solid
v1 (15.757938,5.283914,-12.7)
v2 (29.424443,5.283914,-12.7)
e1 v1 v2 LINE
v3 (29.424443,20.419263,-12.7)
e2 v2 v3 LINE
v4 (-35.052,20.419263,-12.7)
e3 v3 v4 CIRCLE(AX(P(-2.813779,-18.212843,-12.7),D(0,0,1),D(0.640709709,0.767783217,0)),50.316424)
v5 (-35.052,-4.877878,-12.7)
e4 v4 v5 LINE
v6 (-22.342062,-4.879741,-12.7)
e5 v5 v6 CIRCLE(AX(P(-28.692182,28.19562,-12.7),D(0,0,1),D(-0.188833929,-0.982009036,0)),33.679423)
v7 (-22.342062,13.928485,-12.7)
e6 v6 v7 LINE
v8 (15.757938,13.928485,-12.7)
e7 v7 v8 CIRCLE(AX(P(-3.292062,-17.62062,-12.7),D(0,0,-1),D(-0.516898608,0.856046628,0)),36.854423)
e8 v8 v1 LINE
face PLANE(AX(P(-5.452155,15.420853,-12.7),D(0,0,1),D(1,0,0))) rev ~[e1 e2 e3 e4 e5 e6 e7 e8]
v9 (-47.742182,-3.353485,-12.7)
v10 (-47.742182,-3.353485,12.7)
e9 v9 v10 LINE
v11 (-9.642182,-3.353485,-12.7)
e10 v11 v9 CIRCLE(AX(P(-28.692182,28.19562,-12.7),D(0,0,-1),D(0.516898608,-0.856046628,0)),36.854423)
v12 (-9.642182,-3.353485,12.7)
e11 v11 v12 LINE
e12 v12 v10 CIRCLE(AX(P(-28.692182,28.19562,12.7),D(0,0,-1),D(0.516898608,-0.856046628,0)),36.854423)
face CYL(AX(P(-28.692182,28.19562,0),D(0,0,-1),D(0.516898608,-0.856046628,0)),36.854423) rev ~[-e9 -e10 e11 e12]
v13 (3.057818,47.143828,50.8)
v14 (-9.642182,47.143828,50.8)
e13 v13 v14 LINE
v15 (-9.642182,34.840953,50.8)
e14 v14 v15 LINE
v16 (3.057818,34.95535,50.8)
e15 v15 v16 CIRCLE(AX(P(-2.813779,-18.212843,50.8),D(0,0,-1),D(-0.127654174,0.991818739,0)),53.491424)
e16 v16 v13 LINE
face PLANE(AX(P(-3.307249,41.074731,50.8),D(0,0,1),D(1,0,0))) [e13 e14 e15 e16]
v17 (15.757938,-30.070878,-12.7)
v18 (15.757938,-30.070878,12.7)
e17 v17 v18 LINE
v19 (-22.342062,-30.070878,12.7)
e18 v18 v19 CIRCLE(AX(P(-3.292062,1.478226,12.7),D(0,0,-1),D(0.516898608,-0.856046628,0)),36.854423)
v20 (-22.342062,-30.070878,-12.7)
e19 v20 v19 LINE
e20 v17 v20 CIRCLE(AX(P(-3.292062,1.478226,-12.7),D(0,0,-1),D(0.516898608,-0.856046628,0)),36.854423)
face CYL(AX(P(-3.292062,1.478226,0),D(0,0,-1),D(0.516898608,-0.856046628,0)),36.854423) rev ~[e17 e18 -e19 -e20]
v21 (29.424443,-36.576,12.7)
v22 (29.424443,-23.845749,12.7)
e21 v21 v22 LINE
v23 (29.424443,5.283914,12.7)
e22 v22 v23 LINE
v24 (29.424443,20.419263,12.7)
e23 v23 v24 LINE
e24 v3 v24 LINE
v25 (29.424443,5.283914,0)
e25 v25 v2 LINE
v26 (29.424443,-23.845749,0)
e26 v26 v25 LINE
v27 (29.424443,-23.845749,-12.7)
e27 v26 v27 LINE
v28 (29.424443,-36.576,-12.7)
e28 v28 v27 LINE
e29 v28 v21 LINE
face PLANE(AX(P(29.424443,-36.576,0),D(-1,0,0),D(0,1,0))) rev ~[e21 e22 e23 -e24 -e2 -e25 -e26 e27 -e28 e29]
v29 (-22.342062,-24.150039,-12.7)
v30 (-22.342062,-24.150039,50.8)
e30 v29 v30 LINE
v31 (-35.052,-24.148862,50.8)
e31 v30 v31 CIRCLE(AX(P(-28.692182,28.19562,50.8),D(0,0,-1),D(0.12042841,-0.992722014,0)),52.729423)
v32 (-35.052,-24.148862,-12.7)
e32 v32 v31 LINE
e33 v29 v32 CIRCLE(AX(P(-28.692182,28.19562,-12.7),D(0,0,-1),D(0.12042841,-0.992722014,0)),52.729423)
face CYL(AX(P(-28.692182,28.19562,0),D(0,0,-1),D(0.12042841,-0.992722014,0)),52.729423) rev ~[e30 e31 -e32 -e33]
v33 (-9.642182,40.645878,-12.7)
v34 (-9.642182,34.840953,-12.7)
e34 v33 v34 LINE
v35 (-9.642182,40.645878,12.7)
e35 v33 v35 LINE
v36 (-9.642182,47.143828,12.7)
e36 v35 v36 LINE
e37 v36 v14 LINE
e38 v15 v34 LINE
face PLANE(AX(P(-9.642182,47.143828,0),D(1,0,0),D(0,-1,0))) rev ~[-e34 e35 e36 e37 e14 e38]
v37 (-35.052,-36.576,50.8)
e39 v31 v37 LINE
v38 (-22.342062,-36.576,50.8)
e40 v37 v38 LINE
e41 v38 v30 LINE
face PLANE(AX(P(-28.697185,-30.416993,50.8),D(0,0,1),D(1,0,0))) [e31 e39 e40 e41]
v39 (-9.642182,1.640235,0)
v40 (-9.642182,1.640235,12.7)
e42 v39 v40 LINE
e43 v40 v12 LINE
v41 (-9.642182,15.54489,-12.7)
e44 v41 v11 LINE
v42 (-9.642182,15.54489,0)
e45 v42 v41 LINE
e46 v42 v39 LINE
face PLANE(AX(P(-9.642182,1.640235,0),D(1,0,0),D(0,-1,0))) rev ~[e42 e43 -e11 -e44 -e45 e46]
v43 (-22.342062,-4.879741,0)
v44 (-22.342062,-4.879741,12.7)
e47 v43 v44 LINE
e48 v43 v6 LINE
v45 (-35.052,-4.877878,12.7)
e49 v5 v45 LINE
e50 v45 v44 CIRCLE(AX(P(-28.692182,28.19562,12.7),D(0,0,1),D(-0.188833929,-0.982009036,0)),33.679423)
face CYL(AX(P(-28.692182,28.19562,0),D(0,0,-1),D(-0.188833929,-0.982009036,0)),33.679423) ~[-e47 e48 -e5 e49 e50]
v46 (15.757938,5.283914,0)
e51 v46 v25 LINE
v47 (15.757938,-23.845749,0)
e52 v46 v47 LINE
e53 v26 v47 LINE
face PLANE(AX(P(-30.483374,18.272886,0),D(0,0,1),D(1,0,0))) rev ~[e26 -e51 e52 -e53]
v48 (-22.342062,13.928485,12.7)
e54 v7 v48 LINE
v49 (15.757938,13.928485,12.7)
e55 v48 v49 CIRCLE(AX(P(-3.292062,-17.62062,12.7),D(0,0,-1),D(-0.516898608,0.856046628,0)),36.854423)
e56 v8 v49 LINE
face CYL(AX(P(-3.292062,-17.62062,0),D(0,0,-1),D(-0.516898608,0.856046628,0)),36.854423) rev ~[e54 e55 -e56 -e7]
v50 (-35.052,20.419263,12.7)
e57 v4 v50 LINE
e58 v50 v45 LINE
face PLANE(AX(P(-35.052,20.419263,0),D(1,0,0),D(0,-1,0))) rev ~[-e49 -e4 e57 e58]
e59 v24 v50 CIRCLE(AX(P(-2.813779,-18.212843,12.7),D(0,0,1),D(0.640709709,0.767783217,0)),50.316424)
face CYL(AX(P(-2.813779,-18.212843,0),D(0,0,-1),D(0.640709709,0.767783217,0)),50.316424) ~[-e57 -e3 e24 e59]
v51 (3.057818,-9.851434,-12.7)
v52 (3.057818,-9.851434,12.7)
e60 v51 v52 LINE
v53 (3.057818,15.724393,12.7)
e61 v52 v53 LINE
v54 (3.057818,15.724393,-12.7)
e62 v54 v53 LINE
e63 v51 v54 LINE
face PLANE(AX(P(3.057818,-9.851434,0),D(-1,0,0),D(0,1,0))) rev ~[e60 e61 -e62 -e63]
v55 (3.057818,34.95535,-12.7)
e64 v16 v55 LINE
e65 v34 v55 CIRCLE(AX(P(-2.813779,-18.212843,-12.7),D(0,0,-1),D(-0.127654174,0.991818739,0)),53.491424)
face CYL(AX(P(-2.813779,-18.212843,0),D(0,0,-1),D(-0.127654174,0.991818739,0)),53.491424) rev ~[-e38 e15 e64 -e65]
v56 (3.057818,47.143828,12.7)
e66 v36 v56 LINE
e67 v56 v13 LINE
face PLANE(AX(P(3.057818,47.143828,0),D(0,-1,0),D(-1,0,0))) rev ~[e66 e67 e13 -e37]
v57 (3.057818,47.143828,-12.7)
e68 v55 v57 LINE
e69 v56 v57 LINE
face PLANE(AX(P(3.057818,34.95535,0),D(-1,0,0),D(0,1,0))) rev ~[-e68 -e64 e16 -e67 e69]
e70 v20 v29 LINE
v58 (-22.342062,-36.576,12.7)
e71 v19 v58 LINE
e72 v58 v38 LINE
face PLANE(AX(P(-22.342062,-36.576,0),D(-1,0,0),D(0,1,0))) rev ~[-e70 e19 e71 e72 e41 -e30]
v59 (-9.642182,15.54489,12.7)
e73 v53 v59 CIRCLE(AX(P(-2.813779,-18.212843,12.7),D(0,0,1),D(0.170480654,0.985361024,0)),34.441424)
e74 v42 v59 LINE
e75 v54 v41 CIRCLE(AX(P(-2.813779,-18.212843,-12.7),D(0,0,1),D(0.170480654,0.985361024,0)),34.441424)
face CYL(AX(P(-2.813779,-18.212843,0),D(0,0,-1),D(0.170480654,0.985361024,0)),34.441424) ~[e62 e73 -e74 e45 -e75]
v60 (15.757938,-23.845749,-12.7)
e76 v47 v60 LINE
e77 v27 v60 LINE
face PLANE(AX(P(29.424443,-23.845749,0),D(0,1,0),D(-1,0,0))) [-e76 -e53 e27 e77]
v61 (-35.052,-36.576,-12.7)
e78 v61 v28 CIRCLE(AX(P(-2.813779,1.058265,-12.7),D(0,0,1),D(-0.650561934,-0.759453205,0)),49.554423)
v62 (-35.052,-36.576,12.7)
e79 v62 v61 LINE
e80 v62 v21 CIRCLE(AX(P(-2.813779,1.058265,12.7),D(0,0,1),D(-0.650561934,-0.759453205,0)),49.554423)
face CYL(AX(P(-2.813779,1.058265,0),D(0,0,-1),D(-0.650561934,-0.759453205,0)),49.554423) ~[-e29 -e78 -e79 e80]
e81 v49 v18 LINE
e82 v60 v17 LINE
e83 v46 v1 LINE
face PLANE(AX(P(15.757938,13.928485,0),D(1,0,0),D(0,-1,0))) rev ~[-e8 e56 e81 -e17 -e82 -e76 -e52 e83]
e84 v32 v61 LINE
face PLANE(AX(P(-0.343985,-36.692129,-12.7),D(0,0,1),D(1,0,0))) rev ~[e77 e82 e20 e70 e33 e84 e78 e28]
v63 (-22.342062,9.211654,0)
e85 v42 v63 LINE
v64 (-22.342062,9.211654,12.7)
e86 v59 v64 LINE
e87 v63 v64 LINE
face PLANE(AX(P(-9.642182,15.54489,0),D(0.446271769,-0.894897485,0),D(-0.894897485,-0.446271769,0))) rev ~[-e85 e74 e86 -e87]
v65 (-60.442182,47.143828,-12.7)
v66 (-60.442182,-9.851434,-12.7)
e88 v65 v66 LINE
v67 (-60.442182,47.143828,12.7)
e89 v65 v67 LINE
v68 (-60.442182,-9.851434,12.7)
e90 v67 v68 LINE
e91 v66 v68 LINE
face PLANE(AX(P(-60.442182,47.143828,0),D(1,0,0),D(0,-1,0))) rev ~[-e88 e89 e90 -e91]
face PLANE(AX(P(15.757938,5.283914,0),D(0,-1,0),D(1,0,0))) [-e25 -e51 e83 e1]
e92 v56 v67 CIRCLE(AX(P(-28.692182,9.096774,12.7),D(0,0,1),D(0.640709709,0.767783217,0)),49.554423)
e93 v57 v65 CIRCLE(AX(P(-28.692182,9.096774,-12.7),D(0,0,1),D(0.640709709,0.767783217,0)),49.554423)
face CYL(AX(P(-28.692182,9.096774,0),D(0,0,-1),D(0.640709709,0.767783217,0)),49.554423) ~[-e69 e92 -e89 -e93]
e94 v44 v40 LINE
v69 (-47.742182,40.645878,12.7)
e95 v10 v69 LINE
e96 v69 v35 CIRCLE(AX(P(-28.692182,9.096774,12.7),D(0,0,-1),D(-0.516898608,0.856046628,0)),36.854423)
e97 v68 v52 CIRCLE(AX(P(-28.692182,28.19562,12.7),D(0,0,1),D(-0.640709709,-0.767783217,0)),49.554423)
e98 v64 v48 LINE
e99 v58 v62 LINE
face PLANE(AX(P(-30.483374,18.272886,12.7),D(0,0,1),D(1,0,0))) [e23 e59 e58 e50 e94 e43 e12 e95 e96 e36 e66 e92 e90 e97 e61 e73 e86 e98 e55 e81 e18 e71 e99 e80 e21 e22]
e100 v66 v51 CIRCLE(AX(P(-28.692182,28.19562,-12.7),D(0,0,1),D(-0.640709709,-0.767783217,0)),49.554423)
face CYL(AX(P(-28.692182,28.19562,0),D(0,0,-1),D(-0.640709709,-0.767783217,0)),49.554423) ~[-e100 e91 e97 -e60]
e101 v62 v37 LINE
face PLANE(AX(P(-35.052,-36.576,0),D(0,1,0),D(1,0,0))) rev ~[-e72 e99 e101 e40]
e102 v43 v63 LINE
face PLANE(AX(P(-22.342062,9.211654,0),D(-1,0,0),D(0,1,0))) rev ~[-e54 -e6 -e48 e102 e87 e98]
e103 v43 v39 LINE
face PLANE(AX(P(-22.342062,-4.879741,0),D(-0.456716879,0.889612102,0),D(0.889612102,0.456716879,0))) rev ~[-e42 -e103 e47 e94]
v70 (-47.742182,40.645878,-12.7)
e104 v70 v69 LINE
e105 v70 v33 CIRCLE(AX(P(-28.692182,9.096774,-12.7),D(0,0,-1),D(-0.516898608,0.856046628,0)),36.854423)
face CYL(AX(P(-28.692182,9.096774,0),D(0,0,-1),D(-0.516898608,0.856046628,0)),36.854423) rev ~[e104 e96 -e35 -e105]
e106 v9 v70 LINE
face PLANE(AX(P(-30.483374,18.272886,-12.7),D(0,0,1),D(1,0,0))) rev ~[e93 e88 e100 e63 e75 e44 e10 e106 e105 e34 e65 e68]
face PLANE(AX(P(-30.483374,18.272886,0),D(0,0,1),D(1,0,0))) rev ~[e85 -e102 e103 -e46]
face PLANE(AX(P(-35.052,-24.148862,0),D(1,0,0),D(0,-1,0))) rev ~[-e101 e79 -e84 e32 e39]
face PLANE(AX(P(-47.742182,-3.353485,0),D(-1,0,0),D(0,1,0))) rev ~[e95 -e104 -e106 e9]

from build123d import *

# Parameters (mm, degrees)
F1_DEPTH = 12.7
F2_DEPTH = 50.8
F0_W     = 13.666504261
F0_H     = 29.129663293
F3_DEPTH = 12.7


with BuildPart() as f1:
    # F0 (on Top) → F1 (new body)
    with BuildSketch(Plane.XY):
        with BuildLine():
            ThreePointArc((3.0578177724, 47.1438282191), (-28.6921822276, 58.6511969227), (-60.4421822276, 47.1438282191))
            Line((-60.4421822276, 47.1438282191), (-60.4421822276, -9.8514343737))
            ThreePointArc((-60.4421822276, -9.8514343737), (-28.6921822276, -21.3588030773), (3.0578177724, -9.8514343737))
            Line((3.0578177724, -9.8514343737), (3.0578177724, 15.7243934782))
            ThreePointArc((3.0578177724, 15.7243934782), (-3.3005283958, 16.2251409604), (-9.6421822276, 15.5448904828))
            Line((-9.6421822276, 15.5448904828), (-9.6421822276, 1.6402346703))
            Line((-9.6421822276, 1.6402346703), (-9.6421822276, -3.3534845781))
            ThreePointArc((-9.6421822276, -3.3534845781), (-28.6921822276, -8.6588030681), (-47.7421822276, -3.3534845781))
            Line((-47.7421822276, -3.3534845781), (-47.7421822276, 40.6458784342))
            ThreePointArc((-47.7421822276, 40.6458784342), (-28.6921822276, 45.9511969227), (-9.6421822276, 40.6458784342))
            Line((-9.6421822276, 40.6458784342), (-9.6421822276, 47.1438282191))
            Line((-9.6421822276, 47.1438282191), (3.0578177724, 47.1438282191))
        make_face()
        with BuildLine():
            Line((3.0578177724, 34.9553501383), (3.0578177724, 47.1438282191))
            Line((3.0578177724, 47.1438282191), (-9.6421822276, 47.1438282191))
            Line((-9.6421822276, 47.1438282191), (-9.6421822276, 40.6458784342))
            Line((-9.6421822276, 40.6458784342), (-9.6421822276, 34.8409533928))
            ThreePointArc((-9.6421822276, 34.8409533928), (-3.2955894398, 35.2764107322), (3.0578177724, 34.9553501383))
        make_face()
    extrude(amount=-F1_DEPTH)

    # F0 (on Top) → F2 (join)
    with BuildSketch(Plane.XY):
        with BuildLine():
            Line((3.0578177724, 34.9553501383), (3.0578177724, 47.1438282191))
            Line((3.0578177724, 47.1438282191), (-9.6421822276, 47.1438282191))
            Line((-9.6421822276, 47.1438282191), (-9.6421822276, 40.6458784342))
            Line((-9.6421822276, 40.6458784342), (-9.6421822276, 34.8409533928))
            ThreePointArc((-9.6421822276, 34.8409533928), (-3.2955894398, 35.2764107322), (3.0578177724, 34.9553501383))
        make_face()
    extrude(amount=F2_DEPTH)



with BuildPart() as f1b:
    # F0 (on Top) → F1, piece 2 (new body)
    with BuildSketch(Plane.XY):
        with BuildLine():
            Line((-22.3420616333, -4.8797410205), (-22.3420616333, 9.2116537254))
            Line((-22.3420616333, 9.2116537254), (-22.3420616333, 13.9284846169))
            ThreePointArc((-22.3420616333, 13.9284846169), (-3.2920616333, 19.2338031054), (15.7579383667, 13.9284846169))
            Line((15.7579383667, 13.9284846169), (15.7579383667, 5.2839141095))
            Line((15.7579383667, 5.2839141095), (29.4244426276, 5.2839141095))
            Line((29.4244426276, 5.2839141095), (29.4244426276, 20.4192625928))
            ThreePointArc((29.4244426276, 20.4192625928), (-2.8137786862, 32.1035806717), (-35.052, 20.4192625928))
            Line((-35.052, 20.4192625928), (-35.052, -4.8778777905))
            ThreePointArc((-35.052, -4.8778777905), (-28.6971195064, -5.4838027062), (-22.3420616333, -4.8797410205))
        make_face()
    extrude(amount=-F1_DEPTH)


with BuildPart() as f1c:
    # F0 (on Top) → F1, piece 3 (new body)
    with BuildSketch(Plane.XY):
        with BuildLine():
            Line((29.4244426276, -23.8457491835), (15.7579383667, -23.8457491835))
            Line((15.7579383667, -23.8457491835), (15.7579383667, -30.0708783954))
            ThreePointArc((15.7579383667, -30.0708783954), (-3.2920616333, -35.3761968854), (-22.3420616333, -30.0708783954))
            Line((-22.3420616333, -30.0708783954), (-22.3420616333, -36.576))
            Line((-22.3420616333, -36.576), (-35.052, -36.576))
            ThreePointArc((-35.052, -36.576), (-2.8137786862, -48.4961576662), (29.4244426276, -36.576))
            Line((29.4244426276, -36.576), (29.4244426276, -23.8457491835))
        make_face()
        with BuildLine():
            Line((-22.3420616333, -36.576), (-22.3420616333, -30.0708783954))
            Line((-22.3420616333, -30.0708783954), (-22.3420616333, -24.150039099))
            ThreePointArc((-22.3420616333, -24.150039099), (-28.6970664182, -24.5338028511), (-35.052, -24.1488618101))
            Line((-35.052, -24.1488618101), (-35.052, -24.150039099))
            Line((-35.052, -24.150039099), (-35.052, -36.576))
            Line((-35.052, -36.576), (-22.3420616333, -36.576))
        make_face()
    extrude(amount=-F1_DEPTH)

    # F0 (on Top) → F2, piece 2 (join)
    with BuildSketch(Plane.XY):
        with BuildLine():
            Line((-22.3420616333, -36.576), (-22.3420616333, -30.0708783954))
            Line((-22.3420616333, -30.0708783954), (-22.3420616333, -24.150039099))
            ThreePointArc((-22.3420616333, -24.150039099), (-28.6970664182, -24.5338028511), (-35.052, -24.1488618101))
            Line((-35.052, -24.1488618101), (-35.052, -24.150039099))
            Line((-35.052, -24.150039099), (-35.052, -36.576))
            Line((-35.052, -36.576), (-22.3420616333, -36.576))
        make_face()
    extrude(amount=F2_DEPTH)


with BuildPart() as f1_1:
    add(f1.part)

    add(f1b.part)  # F3 merges F1b

    add(f1c.part)  # F3 merges F1c
    # F0 (on Top) → F3 (join)
    with BuildSketch(Plane.XY):
        with BuildLine():
            ThreePointArc((3.0578177724, 47.1438282191), (-28.6921822276, 58.6511969227), (-60.4421822276, 47.1438282191))
            Line((-60.4421822276, 47.1438282191), (-60.4421822276, -9.8514343737))
            ThreePointArc((-60.4421822276, -9.8514343737), (-28.6921822276, -21.3588030773), (3.0578177724, -9.8514343737))
            Line((3.0578177724, -9.8514343737), (3.0578177724, 15.7243934782))
            ThreePointArc((3.0578177724, 15.7243934782), (-3.3005283958, 16.2251409604), (-9.6421822276, 15.5448904828))
            Line((-9.6421822276, 15.5448904828), (-9.6421822276, 1.6402346703))
            Line((-9.6421822276, 1.6402346703), (-9.6421822276, -3.3534845781))
            ThreePointArc((-9.6421822276, -3.3534845781), (-28.6921822276, -8.6588030681), (-47.7421822276, -3.3534845781))
            Line((-47.7421822276, -3.3534845781), (-47.7421822276, 40.6458784342))
            ThreePointArc((-47.7421822276, 40.6458784342), (-28.6921822276, 45.9511969227), (-9.6421822276, 40.6458784342))
            Line((-9.6421822276, 40.6458784342), (-9.6421822276, 47.1438282191))
            Line((-9.6421822276, 47.1438282191), (3.0578177724, 47.1438282191))
        make_face()
        with BuildLine():
            Line((-22.3420616333, -4.8797410205), (-22.3420616333, 9.2116537254))
            Line((-22.3420616333, 9.2116537254), (-22.3420616333, 13.9284846169))
            ThreePointArc((-22.3420616333, 13.9284846169), (-3.2920616333, 19.2338031054), (15.7579383667, 13.9284846169))
            Line((15.7579383667, 13.9284846169), (15.7579383667, 5.2839141095))
            Line((15.7579383667, 5.2839141095), (29.4244426276, 5.2839141095))
            Line((29.4244426276, 5.2839141095), (29.4244426276, 20.4192625928))
            ThreePointArc((29.4244426276, 20.4192625928), (-2.8137786862, 32.1035806717), (-35.052, 20.4192625928))
            Line((-35.052, 20.4192625928), (-35.052, -4.8778777905))
            ThreePointArc((-35.052, -4.8778777905), (-28.6971195064, -5.4838027062), (-22.3420616333, -4.8797410205))
        make_face()
        Polygon((-9.6421822276, 1.6402346703), (-9.6421822276, 15.5448904828), (-22.3420616333, 9.2116537254), (-22.3420616333, -4.8797410205), align=None)
        with Locations((22.5911904972, -9.280917537)):
            Rectangle(F0_W, F0_H)
        with BuildLine():
            Line((29.4244426276, -23.8457491835), (15.7579383667, -23.8457491835))
            Line((15.7579383667, -23.8457491835), (15.7579383667, -30.0708783954))
            ThreePointArc((15.7579383667, -30.0708783954), (-3.2920616333, -35.3761968854), (-22.3420616333, -30.0708783954))
            Line((-22.3420616333, -30.0708783954), (-22.3420616333, -36.576))
            Line((-22.3420616333, -36.576), (-35.052, -36.576))
            ThreePointArc((-35.052, -36.576), (-2.8137786862, -48.4961576662), (29.4244426276, -36.576))
            Line((29.4244426276, -36.576), (29.4244426276, -23.8457491835))
        make_face()
    extrude(amount=F3_DEPTH)


solid = f1_1.part
